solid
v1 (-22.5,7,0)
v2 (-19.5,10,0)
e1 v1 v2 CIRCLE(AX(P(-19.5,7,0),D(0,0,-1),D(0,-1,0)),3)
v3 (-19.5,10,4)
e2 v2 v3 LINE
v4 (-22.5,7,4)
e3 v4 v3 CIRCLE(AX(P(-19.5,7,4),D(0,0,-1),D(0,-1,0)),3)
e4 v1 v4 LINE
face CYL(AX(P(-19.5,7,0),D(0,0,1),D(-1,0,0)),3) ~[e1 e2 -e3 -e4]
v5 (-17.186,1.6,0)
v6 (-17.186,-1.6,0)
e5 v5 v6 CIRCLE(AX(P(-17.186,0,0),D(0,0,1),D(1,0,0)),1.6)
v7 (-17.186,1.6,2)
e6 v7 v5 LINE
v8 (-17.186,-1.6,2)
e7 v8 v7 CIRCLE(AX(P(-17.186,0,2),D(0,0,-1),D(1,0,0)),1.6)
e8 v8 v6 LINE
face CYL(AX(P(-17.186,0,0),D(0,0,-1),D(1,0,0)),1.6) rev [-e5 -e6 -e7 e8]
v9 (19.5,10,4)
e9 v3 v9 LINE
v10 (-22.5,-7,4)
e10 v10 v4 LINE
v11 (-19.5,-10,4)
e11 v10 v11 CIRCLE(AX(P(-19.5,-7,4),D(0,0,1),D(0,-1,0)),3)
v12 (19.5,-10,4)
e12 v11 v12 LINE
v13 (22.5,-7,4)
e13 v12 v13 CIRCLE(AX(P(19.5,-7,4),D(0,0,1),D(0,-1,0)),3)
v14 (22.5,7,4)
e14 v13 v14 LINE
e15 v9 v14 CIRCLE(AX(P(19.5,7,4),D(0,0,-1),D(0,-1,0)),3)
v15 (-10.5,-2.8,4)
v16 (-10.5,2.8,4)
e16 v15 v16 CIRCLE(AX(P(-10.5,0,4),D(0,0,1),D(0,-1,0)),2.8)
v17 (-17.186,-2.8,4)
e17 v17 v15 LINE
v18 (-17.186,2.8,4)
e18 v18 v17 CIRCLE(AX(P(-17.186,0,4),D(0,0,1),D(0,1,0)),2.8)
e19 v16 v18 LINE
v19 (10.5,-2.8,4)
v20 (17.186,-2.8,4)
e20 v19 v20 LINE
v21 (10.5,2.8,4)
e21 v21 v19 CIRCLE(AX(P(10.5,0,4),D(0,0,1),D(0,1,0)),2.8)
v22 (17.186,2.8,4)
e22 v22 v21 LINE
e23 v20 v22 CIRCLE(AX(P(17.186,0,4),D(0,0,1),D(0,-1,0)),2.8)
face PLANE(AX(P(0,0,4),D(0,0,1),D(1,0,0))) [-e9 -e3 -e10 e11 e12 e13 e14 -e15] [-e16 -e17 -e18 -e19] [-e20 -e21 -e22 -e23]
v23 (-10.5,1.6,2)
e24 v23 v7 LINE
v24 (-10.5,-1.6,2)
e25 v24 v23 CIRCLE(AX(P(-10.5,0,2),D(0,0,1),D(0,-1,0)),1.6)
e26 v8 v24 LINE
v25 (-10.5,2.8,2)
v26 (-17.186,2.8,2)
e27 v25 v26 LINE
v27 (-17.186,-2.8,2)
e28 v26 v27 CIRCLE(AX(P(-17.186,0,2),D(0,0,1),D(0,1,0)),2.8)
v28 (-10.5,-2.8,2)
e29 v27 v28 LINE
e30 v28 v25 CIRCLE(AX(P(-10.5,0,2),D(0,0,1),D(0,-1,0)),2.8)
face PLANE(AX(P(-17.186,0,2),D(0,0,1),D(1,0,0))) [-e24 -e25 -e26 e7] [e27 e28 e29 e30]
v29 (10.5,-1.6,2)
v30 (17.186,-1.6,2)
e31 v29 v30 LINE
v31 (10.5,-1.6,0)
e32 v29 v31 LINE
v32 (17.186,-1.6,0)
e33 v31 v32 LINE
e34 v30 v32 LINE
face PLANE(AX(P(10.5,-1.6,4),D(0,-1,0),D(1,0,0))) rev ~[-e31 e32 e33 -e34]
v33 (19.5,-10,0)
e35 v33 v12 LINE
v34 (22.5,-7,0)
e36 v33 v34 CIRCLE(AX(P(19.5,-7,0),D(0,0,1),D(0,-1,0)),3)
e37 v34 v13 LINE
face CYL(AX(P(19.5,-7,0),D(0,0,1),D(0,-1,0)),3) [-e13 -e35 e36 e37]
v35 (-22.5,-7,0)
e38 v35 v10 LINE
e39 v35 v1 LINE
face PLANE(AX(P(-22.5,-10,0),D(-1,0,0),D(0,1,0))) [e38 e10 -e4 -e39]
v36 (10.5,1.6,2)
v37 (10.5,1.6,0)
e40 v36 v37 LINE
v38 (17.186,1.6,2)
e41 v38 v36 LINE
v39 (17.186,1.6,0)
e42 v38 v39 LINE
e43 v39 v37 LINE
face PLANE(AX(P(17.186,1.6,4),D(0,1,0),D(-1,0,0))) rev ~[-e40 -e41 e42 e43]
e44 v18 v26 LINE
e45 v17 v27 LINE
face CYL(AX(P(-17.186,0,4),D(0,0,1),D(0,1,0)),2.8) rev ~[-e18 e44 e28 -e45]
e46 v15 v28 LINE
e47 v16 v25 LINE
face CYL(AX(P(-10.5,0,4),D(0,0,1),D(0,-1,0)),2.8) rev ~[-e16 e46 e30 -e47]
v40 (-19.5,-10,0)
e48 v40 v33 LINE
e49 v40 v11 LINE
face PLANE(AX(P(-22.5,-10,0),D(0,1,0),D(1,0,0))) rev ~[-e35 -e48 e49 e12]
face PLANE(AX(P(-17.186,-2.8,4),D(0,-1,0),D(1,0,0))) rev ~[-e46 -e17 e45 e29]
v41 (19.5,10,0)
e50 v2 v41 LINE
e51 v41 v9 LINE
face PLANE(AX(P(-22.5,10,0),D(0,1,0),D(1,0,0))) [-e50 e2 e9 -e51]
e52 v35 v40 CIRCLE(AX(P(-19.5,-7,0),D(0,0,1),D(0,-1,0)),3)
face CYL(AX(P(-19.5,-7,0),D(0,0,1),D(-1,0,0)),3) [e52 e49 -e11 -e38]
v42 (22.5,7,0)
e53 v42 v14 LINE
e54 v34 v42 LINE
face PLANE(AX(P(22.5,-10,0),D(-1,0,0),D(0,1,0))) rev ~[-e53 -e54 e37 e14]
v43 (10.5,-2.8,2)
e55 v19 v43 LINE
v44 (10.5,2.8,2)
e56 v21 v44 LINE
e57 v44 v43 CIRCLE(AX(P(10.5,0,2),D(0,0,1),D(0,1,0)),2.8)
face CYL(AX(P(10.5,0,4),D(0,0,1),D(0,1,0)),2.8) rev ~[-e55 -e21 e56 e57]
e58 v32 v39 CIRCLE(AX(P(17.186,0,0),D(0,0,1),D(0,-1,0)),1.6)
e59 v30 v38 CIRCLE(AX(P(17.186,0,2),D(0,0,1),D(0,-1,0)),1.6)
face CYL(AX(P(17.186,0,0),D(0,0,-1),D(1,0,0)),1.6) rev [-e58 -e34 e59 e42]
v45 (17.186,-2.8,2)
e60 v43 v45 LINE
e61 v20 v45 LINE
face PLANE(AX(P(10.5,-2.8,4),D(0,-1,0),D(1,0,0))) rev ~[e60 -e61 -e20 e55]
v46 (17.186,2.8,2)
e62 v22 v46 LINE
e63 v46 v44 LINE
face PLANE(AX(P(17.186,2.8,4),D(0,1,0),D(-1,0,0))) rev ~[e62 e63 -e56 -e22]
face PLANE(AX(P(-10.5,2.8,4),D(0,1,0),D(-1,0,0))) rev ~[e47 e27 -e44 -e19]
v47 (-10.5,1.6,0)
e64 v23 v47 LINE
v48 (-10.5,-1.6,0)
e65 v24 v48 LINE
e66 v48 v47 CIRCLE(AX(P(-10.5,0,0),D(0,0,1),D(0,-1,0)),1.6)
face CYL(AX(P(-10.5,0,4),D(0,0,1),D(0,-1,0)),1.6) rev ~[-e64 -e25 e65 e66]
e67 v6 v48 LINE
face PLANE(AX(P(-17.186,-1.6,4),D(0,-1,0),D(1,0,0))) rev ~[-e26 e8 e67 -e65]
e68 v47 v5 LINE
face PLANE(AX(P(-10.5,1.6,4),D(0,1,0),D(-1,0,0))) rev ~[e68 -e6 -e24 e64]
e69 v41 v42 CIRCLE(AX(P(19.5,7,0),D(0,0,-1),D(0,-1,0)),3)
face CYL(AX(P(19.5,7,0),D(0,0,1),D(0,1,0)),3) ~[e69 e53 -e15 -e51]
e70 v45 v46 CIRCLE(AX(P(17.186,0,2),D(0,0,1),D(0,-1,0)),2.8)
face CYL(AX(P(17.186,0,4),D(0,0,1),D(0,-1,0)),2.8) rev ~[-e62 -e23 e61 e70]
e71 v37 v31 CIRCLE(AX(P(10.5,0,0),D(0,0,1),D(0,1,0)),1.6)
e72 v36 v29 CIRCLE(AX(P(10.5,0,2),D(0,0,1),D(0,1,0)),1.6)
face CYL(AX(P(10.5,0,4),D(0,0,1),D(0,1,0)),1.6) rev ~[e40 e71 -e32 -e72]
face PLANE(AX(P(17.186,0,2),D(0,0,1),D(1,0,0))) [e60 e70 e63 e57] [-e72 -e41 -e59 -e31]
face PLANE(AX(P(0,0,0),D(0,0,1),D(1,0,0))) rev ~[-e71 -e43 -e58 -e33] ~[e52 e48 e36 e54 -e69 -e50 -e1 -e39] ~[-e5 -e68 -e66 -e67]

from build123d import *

# Parameters (mm, degrees)
SKETCH_W        = 45
SKETCH_H        = 20
SKETCH_R        = 1.6
PAD_DEPTH       = 4
FILLET_R        = 3
SKETCH001_R     = 2.8
POCKET_DEPTH    = 2
POCKET001_DEPTH = 4.001
POCKET002_DEPTH = 2


with BuildPart() as part:
    # Sketch → Pad (new body)
    with BuildSketch(Plane.XY):
        Rectangle(SKETCH_W, SKETCH_H)
        with Locations((-17.186, 0)):
            Circle(SKETCH_R, mode=Mode.SUBTRACT)
        with Locations((17.186, 0)):
            Circle(SKETCH_R, mode=Mode.SUBTRACT)
    extrude(amount=PAD_DEPTH)

    # Fillet
    fillet_edges = [part.edges().sort_by_distance(p)[0] for p in [
        (22.5, 10, 2),
        (22.5, -10, 2),
        (-22.5, -10, 2),
        (-22.5, 10, 2),
    ]]
    fillet(fillet_edges, radius=FILLET_R)

    # Sketch001 (on Face5 of Fillet) → Pocket (cut)
    with BuildSketch(Plane.XY.offset(4)):
        with Locations((-17.186, 0)):
            Circle(SKETCH001_R)
        with Locations((17.186, 0)):
            Circle(SKETCH001_R)
    extrude(amount=-POCKET_DEPTH, mode=Mode.SUBTRACT)

    # Sketch002 (on Face5 of Pocket) → Pocket001 (cut, through all)
    with BuildSketch(Plane.XY.offset(4)):
        with BuildLine():
            ThreePointArc((-17.186, 1.6), (-18.786, 0), (-17.186, -1.6))
            Line((-17.186, -1.6), (-10.5, -1.6))
            ThreePointArc((-10.5, -1.6), (-8.9, 0), (-10.5, 1.6))
            Line((-10.5, 1.6), (-17.186, 1.6))
        make_face()
        with BuildLine():
            ThreePointArc((10.5, 1.6), (8.9, 0), (10.5, -1.6))
            Line((10.5, -1.6), (17.186, -1.6))
            ThreePointArc((17.186, -1.6), (18.786, 0), (17.186, 1.6))
            Line((17.186, 1.6), (10.5, 1.6))
        make_face()
    extrude(amount=-POCKET001_DEPTH, mode=Mode.SUBTRACT)

    # Sketch003 (on Face5 of Pocket001) → Pocket002 (cut)
    with BuildSketch(Plane.XY.offset(4)):
        with BuildLine():
            ThreePointArc((-17.186, 2.8), (-19.986, 0), (-17.186, -2.8))
            Line((-17.186, -2.8), (-10.5, -2.8))
            ThreePointArc((-10.5, -2.8), (-7.7, 0), (-10.5, 2.8))
            Line((-10.5, 2.8), (-17.186, 2.8))
        make_face()
        with BuildLine():
            ThreePointArc((10.5, 2.8), (7.7, 0), (10.5, -2.8))
            Line((10.5, -2.8), (17.186, -2.8))
            ThreePointArc((17.186, -2.8), (19.986, 0), (17.186, 2.8))
            Line((17.186, 2.8), (10.5, 2.8))
        make_face()
    extrude(amount=-POCKET002_DEPTH, mode=Mode.SUBTRACT)


solid = part.part
